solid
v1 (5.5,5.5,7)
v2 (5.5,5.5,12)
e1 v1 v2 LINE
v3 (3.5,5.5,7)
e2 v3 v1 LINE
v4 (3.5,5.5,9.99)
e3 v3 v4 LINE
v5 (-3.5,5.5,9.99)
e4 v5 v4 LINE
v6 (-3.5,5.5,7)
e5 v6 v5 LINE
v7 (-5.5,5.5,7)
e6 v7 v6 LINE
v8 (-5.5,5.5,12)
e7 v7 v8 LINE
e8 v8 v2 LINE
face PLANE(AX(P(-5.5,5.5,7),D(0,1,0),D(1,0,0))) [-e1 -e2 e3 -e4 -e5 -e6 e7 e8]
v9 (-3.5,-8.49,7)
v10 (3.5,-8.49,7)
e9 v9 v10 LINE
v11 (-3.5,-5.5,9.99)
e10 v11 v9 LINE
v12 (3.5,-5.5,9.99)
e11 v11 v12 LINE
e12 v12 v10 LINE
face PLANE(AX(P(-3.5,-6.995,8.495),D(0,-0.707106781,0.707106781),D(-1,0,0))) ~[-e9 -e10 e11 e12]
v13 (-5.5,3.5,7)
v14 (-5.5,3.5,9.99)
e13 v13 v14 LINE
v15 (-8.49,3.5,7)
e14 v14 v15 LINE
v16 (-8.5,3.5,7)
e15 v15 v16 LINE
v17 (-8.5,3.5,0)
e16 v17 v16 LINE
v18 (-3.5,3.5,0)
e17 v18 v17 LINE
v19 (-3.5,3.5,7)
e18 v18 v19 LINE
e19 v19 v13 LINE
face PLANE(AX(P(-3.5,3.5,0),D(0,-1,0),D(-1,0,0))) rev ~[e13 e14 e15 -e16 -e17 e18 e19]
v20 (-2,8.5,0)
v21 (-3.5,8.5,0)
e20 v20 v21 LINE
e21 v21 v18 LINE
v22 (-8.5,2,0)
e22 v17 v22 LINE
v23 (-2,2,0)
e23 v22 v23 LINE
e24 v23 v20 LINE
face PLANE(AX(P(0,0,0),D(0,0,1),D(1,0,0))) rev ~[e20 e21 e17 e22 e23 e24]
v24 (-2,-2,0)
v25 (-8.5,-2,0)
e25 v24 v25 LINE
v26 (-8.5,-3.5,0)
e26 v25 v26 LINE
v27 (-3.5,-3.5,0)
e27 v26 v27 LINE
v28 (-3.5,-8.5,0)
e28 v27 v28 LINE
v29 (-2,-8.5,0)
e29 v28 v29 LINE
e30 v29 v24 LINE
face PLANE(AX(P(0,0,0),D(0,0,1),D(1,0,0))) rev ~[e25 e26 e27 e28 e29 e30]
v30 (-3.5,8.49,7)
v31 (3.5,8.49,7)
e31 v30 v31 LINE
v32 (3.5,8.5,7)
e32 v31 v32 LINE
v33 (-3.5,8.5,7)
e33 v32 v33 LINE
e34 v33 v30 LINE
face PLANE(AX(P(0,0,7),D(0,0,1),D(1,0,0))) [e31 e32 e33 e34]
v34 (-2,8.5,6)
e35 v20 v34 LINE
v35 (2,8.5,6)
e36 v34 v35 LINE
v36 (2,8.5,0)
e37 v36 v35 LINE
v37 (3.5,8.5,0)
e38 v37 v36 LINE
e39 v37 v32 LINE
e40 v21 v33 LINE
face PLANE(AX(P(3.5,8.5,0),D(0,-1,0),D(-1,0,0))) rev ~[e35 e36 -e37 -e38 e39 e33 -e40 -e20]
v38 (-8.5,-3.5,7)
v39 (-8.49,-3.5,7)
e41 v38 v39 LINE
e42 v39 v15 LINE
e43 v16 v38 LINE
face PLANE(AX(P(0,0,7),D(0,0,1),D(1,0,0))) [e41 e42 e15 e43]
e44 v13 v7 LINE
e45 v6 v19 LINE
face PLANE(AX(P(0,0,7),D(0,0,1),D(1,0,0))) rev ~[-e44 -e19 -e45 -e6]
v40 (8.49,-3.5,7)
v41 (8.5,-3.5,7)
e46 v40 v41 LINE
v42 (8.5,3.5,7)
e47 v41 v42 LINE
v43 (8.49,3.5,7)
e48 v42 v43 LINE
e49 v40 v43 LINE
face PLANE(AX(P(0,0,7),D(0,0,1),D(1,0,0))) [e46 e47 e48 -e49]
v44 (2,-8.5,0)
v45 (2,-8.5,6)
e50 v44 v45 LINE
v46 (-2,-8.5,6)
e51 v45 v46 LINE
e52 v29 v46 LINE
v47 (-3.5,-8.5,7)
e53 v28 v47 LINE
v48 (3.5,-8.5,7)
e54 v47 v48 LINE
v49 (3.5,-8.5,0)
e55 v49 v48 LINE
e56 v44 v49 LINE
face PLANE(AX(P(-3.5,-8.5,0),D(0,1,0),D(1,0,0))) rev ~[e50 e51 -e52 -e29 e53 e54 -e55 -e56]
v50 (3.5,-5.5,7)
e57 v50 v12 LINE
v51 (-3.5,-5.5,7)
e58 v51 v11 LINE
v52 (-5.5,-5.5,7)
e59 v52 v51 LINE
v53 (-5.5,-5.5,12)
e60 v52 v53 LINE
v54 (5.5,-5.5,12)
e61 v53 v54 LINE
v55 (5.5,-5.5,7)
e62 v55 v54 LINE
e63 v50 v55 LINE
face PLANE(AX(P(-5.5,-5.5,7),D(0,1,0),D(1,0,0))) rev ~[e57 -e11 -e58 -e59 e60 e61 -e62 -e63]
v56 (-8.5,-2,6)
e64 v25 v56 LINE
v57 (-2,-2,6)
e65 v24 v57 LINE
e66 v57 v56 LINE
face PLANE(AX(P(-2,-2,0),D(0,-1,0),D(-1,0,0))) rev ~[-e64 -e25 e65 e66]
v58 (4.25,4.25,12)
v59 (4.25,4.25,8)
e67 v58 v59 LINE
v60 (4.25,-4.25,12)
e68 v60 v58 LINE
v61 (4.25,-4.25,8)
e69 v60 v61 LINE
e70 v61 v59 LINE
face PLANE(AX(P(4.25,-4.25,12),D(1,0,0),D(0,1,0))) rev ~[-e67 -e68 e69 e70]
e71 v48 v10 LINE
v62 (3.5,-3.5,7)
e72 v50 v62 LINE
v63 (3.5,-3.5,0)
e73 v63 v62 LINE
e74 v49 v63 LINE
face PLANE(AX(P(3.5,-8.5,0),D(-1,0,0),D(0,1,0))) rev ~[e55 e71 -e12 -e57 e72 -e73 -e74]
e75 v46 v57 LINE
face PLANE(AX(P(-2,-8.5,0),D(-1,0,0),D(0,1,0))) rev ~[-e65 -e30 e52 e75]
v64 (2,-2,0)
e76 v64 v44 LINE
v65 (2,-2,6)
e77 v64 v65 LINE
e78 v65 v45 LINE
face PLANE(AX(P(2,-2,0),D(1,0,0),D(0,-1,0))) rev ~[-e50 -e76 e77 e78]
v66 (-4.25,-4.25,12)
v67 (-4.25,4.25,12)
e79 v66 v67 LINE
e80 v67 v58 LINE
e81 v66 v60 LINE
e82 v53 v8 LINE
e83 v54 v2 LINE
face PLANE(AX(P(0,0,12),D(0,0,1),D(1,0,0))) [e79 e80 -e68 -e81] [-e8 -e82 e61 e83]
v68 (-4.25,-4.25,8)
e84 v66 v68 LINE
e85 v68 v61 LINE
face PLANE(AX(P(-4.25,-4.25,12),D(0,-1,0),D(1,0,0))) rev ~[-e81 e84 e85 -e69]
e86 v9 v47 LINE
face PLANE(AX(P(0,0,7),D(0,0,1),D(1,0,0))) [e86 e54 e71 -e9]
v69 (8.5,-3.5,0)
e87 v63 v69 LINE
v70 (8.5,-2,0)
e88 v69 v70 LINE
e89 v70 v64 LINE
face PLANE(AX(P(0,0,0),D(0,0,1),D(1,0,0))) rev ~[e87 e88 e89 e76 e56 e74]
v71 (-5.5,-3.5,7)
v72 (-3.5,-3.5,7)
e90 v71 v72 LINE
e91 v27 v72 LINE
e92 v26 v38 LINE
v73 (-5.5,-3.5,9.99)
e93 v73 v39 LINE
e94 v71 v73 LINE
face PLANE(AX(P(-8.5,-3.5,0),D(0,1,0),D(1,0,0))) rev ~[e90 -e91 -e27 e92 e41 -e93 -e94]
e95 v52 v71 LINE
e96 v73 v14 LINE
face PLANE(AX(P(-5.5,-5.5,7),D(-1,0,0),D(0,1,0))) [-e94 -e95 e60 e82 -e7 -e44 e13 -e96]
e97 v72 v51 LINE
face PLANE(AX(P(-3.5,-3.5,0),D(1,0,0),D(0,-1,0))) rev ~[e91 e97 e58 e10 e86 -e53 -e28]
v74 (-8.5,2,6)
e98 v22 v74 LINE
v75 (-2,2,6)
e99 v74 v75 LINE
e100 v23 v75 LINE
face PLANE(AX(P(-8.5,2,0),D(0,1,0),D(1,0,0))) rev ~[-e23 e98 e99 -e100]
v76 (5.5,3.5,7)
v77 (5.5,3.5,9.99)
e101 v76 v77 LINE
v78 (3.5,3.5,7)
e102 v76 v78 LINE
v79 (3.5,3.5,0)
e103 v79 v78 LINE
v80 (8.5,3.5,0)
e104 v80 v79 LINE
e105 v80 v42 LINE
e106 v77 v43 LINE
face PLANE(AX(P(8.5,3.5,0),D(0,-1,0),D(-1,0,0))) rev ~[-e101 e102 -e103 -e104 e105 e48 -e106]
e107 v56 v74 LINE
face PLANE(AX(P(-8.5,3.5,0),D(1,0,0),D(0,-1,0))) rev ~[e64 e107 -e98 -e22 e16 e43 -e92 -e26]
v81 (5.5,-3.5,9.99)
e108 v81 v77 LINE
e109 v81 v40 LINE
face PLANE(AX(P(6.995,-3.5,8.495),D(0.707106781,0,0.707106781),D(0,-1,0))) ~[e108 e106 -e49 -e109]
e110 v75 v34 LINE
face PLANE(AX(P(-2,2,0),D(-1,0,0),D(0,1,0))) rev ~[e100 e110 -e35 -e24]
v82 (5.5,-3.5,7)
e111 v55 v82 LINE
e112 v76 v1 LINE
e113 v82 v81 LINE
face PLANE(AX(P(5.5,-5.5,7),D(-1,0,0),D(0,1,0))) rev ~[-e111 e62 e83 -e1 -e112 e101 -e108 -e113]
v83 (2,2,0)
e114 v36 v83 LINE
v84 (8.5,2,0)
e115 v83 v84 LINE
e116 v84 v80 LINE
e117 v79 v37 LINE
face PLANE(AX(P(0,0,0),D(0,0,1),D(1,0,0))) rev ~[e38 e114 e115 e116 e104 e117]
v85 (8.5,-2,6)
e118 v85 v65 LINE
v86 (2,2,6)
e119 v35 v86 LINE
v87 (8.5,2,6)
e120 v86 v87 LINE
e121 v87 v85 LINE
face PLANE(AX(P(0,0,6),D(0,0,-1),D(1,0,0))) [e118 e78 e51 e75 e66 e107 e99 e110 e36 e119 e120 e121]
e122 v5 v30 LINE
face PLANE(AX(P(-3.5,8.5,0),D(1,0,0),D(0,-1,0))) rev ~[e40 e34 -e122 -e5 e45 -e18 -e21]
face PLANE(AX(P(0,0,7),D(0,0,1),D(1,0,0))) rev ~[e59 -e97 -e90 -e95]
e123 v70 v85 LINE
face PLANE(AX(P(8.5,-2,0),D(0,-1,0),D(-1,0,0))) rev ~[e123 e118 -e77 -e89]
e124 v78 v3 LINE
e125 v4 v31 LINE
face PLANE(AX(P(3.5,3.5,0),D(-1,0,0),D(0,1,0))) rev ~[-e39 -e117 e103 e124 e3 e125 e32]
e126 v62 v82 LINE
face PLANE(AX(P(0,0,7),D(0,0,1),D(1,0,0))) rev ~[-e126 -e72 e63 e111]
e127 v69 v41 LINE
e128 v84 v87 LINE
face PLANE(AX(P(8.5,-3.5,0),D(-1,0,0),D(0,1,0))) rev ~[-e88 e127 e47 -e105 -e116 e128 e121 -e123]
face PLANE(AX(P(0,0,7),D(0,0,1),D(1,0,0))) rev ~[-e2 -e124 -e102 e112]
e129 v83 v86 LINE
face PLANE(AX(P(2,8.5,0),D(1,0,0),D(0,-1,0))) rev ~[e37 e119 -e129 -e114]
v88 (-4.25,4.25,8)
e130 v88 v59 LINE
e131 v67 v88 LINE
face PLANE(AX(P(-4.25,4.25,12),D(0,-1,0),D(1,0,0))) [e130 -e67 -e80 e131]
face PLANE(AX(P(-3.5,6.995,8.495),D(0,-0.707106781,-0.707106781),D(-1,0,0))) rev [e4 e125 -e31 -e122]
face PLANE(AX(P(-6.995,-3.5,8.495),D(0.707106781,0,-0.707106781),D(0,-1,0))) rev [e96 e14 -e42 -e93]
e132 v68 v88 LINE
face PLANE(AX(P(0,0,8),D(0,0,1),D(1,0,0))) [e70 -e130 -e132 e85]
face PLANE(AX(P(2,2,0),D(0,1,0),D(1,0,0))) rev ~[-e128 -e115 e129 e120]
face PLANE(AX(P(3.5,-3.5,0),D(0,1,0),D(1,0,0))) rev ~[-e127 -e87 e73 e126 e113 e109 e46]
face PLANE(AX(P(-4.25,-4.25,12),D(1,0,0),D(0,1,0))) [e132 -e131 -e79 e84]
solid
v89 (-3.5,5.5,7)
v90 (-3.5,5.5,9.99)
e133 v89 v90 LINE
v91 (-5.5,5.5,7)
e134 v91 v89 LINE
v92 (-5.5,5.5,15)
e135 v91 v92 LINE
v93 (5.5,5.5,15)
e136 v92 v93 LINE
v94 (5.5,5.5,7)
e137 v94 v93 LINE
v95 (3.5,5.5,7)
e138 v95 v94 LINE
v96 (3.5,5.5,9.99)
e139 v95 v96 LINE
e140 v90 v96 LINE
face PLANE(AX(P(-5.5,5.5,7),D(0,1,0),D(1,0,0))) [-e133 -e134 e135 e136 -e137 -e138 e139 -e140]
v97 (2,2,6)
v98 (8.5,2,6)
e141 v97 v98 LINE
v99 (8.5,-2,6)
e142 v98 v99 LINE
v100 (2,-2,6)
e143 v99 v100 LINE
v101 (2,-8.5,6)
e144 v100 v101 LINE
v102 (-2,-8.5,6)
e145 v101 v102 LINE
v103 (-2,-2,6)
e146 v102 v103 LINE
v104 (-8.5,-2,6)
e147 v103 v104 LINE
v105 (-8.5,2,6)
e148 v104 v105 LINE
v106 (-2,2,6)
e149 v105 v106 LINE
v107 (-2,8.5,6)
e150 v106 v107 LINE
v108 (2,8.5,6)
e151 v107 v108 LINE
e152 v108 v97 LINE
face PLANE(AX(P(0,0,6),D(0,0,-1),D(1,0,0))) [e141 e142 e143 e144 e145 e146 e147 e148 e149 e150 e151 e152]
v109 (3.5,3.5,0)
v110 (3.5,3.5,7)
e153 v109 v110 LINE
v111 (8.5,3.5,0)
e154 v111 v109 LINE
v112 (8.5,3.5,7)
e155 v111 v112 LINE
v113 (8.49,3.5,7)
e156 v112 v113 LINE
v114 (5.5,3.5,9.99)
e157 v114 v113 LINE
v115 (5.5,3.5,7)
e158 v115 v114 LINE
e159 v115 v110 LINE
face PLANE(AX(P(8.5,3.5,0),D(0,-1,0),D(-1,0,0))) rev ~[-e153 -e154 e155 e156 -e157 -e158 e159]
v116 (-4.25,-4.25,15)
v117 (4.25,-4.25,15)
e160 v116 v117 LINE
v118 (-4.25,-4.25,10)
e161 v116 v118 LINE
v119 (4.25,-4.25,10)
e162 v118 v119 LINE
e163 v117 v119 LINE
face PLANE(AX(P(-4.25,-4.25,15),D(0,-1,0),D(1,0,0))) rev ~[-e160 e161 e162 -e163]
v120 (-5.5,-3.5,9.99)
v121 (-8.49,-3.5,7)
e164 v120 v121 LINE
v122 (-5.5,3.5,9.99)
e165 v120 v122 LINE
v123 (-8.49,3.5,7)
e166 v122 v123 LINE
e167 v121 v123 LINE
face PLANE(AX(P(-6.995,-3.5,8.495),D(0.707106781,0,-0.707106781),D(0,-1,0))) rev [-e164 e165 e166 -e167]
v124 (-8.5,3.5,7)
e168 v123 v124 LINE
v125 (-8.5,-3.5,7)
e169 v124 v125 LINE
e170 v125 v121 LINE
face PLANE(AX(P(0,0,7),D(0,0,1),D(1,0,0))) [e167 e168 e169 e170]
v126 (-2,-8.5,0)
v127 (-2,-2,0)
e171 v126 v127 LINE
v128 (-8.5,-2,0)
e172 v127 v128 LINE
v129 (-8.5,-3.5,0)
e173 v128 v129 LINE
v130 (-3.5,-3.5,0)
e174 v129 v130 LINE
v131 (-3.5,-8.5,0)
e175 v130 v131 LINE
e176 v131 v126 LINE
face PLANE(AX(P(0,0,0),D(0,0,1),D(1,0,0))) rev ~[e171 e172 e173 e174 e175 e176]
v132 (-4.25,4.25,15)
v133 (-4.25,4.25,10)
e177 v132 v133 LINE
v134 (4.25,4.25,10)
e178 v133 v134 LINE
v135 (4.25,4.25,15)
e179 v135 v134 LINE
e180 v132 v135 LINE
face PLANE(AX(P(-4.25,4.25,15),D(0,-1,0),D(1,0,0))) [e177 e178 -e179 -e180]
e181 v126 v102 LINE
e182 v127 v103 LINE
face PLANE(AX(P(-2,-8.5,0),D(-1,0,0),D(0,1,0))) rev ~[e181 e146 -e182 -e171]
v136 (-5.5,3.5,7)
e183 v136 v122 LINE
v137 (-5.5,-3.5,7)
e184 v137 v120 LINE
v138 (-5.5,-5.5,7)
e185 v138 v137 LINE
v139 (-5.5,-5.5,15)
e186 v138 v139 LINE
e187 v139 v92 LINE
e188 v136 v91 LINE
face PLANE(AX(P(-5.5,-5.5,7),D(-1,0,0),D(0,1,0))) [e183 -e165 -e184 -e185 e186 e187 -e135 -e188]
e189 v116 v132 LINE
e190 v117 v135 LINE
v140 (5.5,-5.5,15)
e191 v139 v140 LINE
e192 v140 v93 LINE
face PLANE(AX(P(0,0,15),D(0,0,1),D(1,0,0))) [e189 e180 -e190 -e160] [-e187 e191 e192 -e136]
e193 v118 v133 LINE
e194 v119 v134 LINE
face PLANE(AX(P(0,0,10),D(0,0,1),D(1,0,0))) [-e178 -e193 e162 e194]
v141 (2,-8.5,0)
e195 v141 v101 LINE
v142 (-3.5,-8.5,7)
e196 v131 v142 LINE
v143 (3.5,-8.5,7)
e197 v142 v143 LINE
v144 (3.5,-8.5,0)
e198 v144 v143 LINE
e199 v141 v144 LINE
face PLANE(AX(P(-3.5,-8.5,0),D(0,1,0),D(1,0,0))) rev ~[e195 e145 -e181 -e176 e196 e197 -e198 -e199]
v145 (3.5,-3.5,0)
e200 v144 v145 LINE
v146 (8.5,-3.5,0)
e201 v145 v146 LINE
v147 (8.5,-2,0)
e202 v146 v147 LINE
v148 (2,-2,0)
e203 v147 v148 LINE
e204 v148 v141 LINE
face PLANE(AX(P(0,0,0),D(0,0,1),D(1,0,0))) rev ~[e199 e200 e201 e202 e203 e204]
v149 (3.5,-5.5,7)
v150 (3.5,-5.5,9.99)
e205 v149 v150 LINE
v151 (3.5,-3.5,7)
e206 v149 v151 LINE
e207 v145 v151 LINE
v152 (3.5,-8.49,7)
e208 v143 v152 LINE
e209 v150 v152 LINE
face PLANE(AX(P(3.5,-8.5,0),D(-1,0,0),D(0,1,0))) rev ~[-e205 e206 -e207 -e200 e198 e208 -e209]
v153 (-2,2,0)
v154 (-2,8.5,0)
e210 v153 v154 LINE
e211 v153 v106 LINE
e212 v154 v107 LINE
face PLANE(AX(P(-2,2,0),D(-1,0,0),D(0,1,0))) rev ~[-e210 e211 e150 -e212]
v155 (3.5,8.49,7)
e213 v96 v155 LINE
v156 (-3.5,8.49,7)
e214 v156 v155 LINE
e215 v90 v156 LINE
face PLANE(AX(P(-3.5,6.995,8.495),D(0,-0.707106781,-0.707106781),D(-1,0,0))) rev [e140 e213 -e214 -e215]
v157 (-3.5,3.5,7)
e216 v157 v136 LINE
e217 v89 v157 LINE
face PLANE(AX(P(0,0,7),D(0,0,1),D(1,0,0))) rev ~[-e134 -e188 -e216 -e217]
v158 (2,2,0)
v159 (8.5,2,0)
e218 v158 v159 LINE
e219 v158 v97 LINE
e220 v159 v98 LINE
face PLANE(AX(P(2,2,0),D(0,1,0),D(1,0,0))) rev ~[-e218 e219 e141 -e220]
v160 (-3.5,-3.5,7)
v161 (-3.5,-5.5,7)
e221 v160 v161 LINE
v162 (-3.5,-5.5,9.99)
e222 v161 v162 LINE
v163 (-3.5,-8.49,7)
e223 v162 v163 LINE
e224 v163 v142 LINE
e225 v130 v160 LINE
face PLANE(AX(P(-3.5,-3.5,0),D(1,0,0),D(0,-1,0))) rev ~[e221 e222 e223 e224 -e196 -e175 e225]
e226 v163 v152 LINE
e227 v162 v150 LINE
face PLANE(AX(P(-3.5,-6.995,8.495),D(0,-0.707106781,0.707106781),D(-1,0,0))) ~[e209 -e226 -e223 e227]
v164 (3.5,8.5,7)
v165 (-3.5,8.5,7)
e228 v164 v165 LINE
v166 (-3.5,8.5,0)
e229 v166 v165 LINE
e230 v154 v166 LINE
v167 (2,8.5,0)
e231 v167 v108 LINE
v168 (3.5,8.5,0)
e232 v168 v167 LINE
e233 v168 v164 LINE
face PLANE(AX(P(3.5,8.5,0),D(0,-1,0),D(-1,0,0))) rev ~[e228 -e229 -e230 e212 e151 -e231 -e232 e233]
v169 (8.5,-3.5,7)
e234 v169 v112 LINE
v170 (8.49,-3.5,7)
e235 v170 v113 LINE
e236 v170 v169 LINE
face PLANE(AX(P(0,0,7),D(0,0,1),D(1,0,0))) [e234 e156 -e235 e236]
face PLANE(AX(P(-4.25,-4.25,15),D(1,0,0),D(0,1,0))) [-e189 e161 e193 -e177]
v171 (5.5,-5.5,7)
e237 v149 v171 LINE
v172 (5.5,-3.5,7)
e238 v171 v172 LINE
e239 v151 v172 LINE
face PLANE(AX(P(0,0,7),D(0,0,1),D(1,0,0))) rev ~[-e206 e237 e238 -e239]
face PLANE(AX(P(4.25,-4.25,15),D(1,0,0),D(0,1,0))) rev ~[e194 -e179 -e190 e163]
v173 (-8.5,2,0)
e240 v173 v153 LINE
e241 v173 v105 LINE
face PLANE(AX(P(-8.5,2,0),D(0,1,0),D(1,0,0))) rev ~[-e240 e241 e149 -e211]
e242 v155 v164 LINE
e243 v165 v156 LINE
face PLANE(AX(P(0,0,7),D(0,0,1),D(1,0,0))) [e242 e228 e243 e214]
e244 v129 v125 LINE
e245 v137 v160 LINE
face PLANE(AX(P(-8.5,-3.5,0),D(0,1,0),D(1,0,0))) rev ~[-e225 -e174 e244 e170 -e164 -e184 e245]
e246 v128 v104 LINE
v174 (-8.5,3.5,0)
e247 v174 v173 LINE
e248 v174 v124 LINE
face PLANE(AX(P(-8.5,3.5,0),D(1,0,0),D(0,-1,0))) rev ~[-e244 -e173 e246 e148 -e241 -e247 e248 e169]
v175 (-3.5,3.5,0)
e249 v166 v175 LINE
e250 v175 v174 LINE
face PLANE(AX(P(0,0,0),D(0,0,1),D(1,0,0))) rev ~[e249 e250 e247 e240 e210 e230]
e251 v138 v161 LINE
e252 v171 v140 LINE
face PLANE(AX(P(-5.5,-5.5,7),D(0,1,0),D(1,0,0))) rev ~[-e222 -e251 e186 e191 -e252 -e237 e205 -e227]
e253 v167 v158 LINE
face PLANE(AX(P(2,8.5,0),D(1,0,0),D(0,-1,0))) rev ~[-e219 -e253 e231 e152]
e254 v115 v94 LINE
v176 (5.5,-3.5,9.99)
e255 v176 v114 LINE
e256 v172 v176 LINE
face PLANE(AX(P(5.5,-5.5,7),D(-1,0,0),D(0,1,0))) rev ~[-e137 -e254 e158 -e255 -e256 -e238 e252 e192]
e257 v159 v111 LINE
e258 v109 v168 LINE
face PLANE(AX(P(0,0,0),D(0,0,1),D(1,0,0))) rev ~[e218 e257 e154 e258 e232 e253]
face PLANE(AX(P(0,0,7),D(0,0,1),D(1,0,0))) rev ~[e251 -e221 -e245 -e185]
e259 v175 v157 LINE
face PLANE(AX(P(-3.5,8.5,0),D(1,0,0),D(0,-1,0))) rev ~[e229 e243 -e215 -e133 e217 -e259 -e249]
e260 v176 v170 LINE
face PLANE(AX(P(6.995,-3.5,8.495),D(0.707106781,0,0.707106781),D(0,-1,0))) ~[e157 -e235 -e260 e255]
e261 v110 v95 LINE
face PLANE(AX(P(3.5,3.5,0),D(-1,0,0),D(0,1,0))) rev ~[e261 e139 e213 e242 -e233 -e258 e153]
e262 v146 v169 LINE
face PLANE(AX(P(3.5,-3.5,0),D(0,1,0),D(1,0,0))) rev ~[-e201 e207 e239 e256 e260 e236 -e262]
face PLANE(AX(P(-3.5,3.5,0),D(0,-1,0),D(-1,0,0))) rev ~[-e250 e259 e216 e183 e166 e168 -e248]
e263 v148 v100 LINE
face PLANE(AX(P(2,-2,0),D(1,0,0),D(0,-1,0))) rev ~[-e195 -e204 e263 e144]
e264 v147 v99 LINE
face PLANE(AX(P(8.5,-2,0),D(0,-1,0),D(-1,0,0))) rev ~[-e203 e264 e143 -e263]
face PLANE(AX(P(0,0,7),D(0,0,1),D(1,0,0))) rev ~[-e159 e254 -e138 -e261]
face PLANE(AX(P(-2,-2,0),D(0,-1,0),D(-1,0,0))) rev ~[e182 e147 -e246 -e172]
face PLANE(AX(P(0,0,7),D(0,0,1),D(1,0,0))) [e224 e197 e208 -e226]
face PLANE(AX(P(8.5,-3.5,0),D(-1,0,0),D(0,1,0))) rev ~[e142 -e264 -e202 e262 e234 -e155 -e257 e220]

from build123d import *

# Parameters (mm, degrees)
PAD_DEPTH       = 7
POCKET_DEPTH    = 6
SKETCH002_W     = 11
SKETCH002_H     = 11
PAD001_DEPTH    = 5
SKETCH003_W     = 8.5
SKETCH003_H     = 8.5
POCKET001_DEPTH = 4
CHAMFER_SIZE    = 2.99
PAD002_DEPTH    = 7
POCKET002_DEPTH = 6
SKETCH006_W     = 11
SKETCH006_H     = 11
PAD003_DEPTH    = 8
SKETCH007_W     = 8.5
SKETCH007_H     = 8.5
POCKET003_DEPTH = 5
CHAMFER001_SIZE = 2.99


with BuildPart() as whitepart:
    # Sketch → Pad (new body)
    with BuildSketch(Plane.XY):
        Polygon((-8.5, 3.5), (-8.5, -3.5), (-3.5, -3.5), (-3.5, -8.5), (3.5, -8.5), (3.5, -3.5), (8.5, -3.5), (8.5, 3.5), (3.5, 3.5), (3.5, 8.5), (-3.5, 8.5), (-3.5, 3.5), align=None)
    extrude(amount=PAD_DEPTH)

    # Sketch001 (on Face13 of Pad) → Pocket (cut)
    with BuildSketch(Plane(origin=(0, 0, 0), x_dir=(1, 0, 0), z_dir=(0, 0, -1))):
        Polygon((-8.5, -2), (-2, -2), (-2, -8.5), (2, -8.5), (2, -2), (8.5, -2), (8.5, 2), (2, 2), (2, 8.5), (-2, 8.5), (-2, 2), (-8.5, 2), align=None)
    extrude(amount=-POCKET_DEPTH, mode=Mode.SUBTRACT)

    # Sketch002 (on Face8 of Pocket) → Pad001 (join)
    with BuildSketch(Plane.XY.offset(7)):
        Rectangle(SKETCH002_W, SKETCH002_H)
    extrude(amount=PAD001_DEPTH)

    # Sketch003 (on Face35 of Pad001) → Pocket001 (cut)
    with BuildSketch(Plane.XY.offset(12)):
        Rectangle(SKETCH003_W, SKETCH003_H)
    extrude(amount=-POCKET001_DEPTH, mode=Mode.SUBTRACT)

    # Chamfer
    chamfer_edges = [whitepart.edges().sort_by_distance(p)[0] for p in [
        (5.5, 0, 7),
        (0, -5.5, 7),
        (0, 5.5, 7),
        (-5.5, 0, 7),
    ]]
    chamfer(chamfer_edges, length=CHAMFER_SIZE)


with BuildPart() as greenpart:
    # Sketch004 → Pad002 (new body)
    with BuildSketch(Plane.XY):
        Polygon((-8.5, 3.5), (-8.5, -3.5), (-3.5, -3.5), (-3.5, -8.5), (3.5, -8.5), (3.5, -3.5), (8.5, -3.5), (8.5, 3.5), (3.5, 3.5), (3.5, 8.5), (-3.5, 8.5), (-3.5, 3.5), align=None)
    extrude(amount=PAD002_DEPTH)

    # Sketch005 (on Face13 of Pad002) → Pocket002 (cut)
    with BuildSketch(Plane(origin=(0, 0, 0), x_dir=(1, 0, 0), z_dir=(0, 0, -1))):
        Polygon((-8.5, -2), (-2, -2), (-2, -8.5), (2, -8.5), (2, -2), (8.5, -2), (8.5, 2), (2, 2), (2, 8.5), (-2, 8.5), (-2, 2), (-8.5, 2), align=None)
    extrude(amount=-POCKET002_DEPTH, mode=Mode.SUBTRACT)

    # Sketch006 (on Face8 of Pocket002) → Pad003 (join)
    with BuildSketch(Plane.XY.offset(7)):
        Rectangle(SKETCH006_W, SKETCH006_H)
    extrude(amount=PAD003_DEPTH)

    # Sketch007 (on Face35 of Pad003) → Pocket003 (cut)
    with BuildSketch(Plane.XY.offset(15)):
        Rectangle(SKETCH007_W, SKETCH007_H)
    extrude(amount=-POCKET003_DEPTH, mode=Mode.SUBTRACT)

    # Chamfer001
    chamfer001_edges = [greenpart.edges().sort_by_distance(p)[0] for p in [
        (5.5, 0, 7),
        (0, -5.5, 7),
        (0, 5.5, 7),
        (-5.5, 0, 7),
    ]]
    chamfer(chamfer001_edges, length=CHAMFER001_SIZE)


solid = Compound([whitepart.part, greenpart.part])
